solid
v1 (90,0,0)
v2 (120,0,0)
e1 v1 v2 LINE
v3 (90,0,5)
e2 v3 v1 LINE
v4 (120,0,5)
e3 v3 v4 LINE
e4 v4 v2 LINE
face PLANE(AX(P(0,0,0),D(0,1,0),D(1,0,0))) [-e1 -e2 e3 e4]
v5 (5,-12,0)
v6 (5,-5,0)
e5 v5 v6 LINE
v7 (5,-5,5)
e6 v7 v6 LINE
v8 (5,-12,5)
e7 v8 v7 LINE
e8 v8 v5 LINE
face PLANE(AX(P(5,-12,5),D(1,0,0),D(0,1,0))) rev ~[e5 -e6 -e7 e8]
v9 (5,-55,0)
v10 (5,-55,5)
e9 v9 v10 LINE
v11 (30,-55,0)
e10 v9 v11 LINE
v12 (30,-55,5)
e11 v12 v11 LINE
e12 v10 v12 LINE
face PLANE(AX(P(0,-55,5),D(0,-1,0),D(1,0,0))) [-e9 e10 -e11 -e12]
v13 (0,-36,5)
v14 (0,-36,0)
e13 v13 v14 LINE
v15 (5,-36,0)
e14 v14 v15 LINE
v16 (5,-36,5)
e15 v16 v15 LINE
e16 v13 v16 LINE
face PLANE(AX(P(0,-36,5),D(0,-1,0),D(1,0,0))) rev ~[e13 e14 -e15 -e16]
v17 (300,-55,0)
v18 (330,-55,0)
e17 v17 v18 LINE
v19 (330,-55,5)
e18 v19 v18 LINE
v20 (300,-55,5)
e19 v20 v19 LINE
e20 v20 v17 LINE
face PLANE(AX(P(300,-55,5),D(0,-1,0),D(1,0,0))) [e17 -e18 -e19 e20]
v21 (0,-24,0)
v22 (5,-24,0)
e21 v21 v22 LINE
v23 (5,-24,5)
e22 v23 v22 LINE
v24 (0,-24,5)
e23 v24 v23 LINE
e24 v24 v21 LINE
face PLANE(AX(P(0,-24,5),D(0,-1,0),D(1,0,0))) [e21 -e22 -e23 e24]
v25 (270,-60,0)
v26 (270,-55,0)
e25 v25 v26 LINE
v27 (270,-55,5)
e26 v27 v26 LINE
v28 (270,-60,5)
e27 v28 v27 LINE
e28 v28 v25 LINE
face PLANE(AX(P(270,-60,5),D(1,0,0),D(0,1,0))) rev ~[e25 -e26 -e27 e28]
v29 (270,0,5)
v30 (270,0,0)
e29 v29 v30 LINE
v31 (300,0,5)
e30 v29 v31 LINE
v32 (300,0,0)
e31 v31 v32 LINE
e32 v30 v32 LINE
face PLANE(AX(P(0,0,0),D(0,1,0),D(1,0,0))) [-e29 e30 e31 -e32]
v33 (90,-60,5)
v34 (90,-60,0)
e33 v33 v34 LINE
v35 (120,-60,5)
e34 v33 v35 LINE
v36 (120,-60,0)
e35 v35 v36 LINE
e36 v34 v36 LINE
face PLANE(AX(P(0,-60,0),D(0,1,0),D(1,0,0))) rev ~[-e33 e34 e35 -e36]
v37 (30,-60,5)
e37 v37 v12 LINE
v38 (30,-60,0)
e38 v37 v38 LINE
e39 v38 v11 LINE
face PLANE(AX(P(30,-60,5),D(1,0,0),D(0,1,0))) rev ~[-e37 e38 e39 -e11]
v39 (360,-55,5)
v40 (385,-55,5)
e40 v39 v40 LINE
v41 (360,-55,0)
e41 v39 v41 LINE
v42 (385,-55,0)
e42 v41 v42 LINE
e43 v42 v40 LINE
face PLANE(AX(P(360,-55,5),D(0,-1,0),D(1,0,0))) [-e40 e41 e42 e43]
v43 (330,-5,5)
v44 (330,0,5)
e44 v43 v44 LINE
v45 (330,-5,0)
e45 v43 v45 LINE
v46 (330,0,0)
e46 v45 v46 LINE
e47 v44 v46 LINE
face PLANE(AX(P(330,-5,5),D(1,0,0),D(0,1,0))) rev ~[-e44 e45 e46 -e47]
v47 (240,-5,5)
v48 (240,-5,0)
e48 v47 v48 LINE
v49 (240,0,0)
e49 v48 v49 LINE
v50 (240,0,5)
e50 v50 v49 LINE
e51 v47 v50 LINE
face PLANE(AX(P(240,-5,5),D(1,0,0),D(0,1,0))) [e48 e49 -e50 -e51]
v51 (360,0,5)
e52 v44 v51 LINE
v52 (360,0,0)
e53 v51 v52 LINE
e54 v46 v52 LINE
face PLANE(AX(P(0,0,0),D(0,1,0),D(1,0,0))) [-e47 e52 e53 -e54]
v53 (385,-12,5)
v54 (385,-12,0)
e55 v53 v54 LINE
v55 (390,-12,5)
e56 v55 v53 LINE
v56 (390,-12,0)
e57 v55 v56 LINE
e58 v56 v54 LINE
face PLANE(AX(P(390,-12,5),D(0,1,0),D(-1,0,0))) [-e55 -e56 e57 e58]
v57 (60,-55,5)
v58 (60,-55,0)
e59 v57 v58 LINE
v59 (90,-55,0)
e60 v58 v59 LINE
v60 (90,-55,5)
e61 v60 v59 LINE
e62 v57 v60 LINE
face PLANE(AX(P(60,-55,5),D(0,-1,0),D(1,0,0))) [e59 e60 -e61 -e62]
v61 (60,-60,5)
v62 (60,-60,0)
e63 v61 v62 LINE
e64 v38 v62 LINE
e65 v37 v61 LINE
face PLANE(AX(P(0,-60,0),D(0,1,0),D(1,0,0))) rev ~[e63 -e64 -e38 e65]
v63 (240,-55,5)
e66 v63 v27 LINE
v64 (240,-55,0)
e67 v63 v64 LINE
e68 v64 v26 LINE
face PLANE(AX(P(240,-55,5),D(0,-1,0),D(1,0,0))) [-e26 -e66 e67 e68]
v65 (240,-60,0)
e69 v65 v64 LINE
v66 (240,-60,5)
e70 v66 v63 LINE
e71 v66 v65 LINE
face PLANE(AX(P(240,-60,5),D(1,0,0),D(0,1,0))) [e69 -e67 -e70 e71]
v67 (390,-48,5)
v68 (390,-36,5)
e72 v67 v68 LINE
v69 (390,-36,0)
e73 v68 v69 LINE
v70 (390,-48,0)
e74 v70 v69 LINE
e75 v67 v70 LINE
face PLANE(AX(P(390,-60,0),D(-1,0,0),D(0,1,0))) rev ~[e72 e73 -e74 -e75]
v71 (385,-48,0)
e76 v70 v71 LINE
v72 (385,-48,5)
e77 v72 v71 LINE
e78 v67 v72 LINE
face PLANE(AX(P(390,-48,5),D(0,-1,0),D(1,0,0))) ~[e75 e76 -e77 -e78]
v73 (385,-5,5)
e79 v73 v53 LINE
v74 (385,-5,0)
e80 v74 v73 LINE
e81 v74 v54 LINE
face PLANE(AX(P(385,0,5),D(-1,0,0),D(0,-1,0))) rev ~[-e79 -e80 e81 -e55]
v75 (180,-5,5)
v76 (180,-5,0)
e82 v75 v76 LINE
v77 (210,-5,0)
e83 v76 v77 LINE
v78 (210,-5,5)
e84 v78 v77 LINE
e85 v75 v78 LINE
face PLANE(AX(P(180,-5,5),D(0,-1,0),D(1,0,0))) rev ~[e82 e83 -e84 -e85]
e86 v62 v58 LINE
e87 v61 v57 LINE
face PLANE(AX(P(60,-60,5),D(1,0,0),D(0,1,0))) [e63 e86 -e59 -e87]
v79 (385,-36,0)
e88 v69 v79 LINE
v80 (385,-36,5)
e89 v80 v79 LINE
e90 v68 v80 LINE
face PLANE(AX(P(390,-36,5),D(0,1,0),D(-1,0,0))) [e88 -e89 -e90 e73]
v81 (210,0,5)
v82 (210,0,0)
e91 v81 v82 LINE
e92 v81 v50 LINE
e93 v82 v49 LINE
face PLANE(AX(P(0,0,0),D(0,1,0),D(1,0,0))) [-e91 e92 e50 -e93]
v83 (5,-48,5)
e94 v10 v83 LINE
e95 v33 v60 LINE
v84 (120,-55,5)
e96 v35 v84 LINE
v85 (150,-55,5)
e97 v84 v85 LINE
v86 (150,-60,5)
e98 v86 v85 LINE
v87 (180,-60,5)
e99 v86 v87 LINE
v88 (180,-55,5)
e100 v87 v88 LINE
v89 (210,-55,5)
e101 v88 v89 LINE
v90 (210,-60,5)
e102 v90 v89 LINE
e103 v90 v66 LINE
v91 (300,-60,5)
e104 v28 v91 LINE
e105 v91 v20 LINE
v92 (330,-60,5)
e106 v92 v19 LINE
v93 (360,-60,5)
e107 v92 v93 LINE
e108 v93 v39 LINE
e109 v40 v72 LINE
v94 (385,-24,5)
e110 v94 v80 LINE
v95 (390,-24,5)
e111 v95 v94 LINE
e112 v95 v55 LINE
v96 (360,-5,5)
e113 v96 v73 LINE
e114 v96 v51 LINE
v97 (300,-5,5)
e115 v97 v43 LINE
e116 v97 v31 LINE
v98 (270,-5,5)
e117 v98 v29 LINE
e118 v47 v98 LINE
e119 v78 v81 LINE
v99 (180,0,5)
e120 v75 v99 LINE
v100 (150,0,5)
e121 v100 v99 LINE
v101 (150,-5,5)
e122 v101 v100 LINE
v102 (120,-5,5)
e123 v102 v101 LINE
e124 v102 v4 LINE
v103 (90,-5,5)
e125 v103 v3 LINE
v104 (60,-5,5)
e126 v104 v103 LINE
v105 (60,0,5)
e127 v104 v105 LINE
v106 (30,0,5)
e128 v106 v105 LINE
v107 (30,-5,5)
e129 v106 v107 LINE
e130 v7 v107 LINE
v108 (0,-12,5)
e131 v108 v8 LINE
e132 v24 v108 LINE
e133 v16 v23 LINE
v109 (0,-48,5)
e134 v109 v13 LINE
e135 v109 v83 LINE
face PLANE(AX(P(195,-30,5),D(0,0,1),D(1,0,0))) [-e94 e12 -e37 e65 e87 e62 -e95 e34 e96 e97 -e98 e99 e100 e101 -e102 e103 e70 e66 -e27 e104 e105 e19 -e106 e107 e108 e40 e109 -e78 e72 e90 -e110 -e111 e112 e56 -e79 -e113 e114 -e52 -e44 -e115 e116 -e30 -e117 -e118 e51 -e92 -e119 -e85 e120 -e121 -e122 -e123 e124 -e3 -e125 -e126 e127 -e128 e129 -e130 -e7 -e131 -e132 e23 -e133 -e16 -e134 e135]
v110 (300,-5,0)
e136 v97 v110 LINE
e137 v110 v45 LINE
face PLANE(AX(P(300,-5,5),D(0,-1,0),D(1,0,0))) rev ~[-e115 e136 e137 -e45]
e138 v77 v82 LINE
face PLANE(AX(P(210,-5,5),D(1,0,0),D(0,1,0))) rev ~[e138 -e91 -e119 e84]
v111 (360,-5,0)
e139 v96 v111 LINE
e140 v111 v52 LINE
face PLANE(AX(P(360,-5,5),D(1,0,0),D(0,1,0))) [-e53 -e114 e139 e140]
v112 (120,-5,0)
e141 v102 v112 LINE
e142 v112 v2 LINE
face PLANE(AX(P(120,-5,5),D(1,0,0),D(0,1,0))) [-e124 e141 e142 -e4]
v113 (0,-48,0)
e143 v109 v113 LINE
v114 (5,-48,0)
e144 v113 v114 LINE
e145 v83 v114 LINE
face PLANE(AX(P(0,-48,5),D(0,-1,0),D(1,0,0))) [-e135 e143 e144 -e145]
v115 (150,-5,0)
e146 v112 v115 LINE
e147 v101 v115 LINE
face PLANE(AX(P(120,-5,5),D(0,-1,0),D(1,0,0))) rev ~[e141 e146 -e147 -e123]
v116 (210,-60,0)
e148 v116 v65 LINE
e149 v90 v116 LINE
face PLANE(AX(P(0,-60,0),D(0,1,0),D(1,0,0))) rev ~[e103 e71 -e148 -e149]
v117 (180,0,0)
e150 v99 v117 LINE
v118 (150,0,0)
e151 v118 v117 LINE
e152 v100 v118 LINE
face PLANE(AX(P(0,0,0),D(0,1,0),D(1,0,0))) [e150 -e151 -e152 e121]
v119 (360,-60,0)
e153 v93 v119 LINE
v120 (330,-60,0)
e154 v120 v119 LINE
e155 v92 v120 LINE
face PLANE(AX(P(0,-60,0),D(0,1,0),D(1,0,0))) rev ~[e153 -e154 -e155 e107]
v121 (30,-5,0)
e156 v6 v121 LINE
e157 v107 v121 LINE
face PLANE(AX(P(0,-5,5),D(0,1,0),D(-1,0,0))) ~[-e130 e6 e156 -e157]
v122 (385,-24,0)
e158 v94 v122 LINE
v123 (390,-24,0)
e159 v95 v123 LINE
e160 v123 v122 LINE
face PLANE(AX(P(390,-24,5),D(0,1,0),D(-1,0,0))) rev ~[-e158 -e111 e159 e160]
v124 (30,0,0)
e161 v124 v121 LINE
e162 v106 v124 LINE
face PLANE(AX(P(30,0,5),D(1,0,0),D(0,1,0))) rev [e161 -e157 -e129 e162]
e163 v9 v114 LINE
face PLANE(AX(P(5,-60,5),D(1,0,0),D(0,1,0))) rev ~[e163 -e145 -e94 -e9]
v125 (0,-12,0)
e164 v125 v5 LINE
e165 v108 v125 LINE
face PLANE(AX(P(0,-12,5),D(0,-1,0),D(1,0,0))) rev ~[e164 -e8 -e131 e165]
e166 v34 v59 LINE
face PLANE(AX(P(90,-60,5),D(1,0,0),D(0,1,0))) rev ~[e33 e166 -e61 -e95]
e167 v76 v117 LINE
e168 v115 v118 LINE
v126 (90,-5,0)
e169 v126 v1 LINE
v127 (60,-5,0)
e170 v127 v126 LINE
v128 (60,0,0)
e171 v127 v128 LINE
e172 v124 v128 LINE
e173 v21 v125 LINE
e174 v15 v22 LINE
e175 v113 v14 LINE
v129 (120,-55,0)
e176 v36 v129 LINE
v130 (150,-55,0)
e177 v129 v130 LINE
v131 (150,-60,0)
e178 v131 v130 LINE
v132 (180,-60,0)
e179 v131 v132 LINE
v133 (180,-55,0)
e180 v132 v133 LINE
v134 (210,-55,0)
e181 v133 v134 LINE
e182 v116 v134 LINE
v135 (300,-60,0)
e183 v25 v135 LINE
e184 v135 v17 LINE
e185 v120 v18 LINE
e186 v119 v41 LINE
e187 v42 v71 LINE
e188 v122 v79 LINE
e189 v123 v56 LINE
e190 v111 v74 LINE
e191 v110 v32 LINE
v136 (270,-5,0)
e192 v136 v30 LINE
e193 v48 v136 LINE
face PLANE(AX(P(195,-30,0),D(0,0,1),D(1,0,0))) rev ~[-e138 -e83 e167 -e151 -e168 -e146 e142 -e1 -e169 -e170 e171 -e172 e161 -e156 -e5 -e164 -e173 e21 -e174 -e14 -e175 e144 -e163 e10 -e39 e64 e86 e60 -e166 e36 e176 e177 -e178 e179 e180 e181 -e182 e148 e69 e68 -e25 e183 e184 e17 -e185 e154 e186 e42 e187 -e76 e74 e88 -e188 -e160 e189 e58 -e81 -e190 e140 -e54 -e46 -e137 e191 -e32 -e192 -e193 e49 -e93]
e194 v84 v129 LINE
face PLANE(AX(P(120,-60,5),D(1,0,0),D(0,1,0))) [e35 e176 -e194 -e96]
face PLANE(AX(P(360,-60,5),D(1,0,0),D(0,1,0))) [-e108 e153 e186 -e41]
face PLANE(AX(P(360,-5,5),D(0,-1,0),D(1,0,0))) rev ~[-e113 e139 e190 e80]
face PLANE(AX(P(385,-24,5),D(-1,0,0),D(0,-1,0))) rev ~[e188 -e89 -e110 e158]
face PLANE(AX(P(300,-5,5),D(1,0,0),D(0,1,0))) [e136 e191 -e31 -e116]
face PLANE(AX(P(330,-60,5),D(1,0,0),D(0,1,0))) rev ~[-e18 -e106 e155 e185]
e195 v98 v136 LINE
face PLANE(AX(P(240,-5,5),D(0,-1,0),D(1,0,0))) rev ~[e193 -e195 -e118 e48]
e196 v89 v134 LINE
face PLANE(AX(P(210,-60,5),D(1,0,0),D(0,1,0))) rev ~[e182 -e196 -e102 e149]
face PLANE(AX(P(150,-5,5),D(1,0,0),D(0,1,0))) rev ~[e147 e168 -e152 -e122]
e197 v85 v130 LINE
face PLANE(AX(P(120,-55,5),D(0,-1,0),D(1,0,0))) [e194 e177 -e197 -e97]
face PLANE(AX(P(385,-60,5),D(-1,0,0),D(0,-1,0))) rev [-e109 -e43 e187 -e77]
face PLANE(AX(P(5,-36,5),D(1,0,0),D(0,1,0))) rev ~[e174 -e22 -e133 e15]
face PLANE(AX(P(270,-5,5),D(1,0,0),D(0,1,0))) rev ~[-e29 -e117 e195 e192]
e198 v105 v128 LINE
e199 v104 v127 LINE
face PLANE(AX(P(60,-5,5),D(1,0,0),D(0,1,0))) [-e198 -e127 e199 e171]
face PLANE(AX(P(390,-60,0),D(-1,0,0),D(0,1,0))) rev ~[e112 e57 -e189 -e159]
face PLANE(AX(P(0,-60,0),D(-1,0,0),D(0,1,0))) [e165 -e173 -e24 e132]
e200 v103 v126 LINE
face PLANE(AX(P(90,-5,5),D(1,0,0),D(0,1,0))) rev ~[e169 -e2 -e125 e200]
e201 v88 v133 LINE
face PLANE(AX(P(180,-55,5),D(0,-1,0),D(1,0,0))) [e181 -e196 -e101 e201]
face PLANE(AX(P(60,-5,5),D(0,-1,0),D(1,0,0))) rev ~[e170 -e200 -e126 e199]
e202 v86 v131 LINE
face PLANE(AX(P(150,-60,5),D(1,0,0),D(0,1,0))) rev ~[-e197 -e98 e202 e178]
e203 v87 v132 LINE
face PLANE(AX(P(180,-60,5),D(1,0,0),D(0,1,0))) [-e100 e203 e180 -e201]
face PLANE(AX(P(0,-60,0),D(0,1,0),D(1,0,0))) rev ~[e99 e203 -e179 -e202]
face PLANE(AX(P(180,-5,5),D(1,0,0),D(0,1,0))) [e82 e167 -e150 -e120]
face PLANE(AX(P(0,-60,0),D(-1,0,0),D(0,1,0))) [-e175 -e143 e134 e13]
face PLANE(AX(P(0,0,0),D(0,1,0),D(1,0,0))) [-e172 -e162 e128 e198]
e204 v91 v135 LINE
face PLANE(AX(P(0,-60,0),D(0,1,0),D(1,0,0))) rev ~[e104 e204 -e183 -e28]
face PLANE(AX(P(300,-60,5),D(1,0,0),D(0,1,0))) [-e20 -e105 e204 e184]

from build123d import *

# Parameters (mm, degrees)
ESQUISSE1_W                = 390
ESQUISSE1_H                = 60
BOSS_EXTRU_1_DEPTH         = 5
ESQUISSE2_W                = 30
ESQUISSE2_H                = 5
ENL_V_MAT_EXTRU_1_DEPTH    = 5
R_P_TITION_LIN_AIRE1_COUNT = 7
R_P_TITION_LIN_AIRE1_PITCH = 60
ESQUISSE3_W                = 5
ESQUISSE3_H                = 12
ENL_V_MAT_EXTRU_2_DEPTH    = 5
R_P_TITION_LIN_AIRE2_COUNT = 3
R_P_TITION_LIN_AIRE2_PITCH = 24
SYM_TRIE1_COPY_1_SKETCH_W  = 5
SYM_TRIE1_COPY_1_SKETCH_H  = 12
SYM_TRIE1_COPY_1_DEPTH     = 5
SYM_TRIE1_COPY_2_SKETCH_W  = 5
SYM_TRIE1_COPY_2_SKETCH_H  = 12
SYM_TRIE1_COPY_2_DEPTH     = 5
SYM_TRIE2_COPY_1_SKETCH_W  = 30
SYM_TRIE2_COPY_1_SKETCH_H  = 5
SYM_TRIE2_COPY_1_DEPTH     = 5
SYM_TRIE2_COPY_2_SKETCH_W  = 30
SYM_TRIE2_COPY_2_SKETCH_H  = 5
SYM_TRIE2_COPY_2_DEPTH     = 5
SYM_TRIE2_COPY_3_SKETCH_W  = 30
SYM_TRIE2_COPY_3_SKETCH_H  = 5
SYM_TRIE2_COPY_3_DEPTH     = 5
SYM_TRIE2_COPY_4_SKETCH_W  = 30
SYM_TRIE2_COPY_4_SKETCH_H  = 5
SYM_TRIE2_COPY_4_DEPTH     = 5
SYM_TRIE2_COPY_5_SKETCH_W  = 30
SYM_TRIE2_COPY_5_SKETCH_H  = 5
SYM_TRIE2_COPY_5_DEPTH     = 5
SYM_TRIE2_COPY_6_SKETCH_W  = 30
SYM_TRIE2_COPY_6_SKETCH_H  = 5
SYM_TRIE2_COPY_6_DEPTH     = 5


with BuildPart() as part:
    # Esquisse1 → Boss.-Extru.1 (new body)
    with BuildSketch(Plane.XY):
        with Locations((195, -30)):
            Rectangle(ESQUISSE1_W, ESQUISSE1_H)
    extrude(amount=BOSS_EXTRU_1_DEPTH)

    # Esquisse2 → Enlèv. mat.-Extru.1 (cut)
    with BuildSketch(Plane.XY.offset(5)):
        with Locations((15, -57.5)):
            Rectangle(ESQUISSE2_W, ESQUISSE2_H)
    enl_v_mat_extru_1 = extrude(amount=-ENL_V_MAT_EXTRU_1_DEPTH, mode=Mode.SUBTRACT)

    # Répétition linéaire1: Enlèv. mat.-Extru.1 ×7
    with Locations(*[(i * R_P_TITION_LIN_AIRE1_PITCH, 0, 0) for i in range(1, R_P_TITION_LIN_AIRE1_COUNT)]):
        add(enl_v_mat_extru_1, mode=Mode.SUBTRACT)

    # Esquisse3 → Enlèv. mat.-Extru.2 (cut)
    with BuildSketch(Plane.XY.offset(5)):
        with Locations((2.5, -54)):
            Rectangle(ESQUISSE3_W, ESQUISSE3_H)
    enl_v_mat_extru_2 = extrude(amount=-ENL_V_MAT_EXTRU_2_DEPTH, mode=Mode.SUBTRACT)

    # Répétition linéaire2: Enlèv. mat.-Extru.2 ×3
    with Locations(*[(0, i * R_P_TITION_LIN_AIRE2_PITCH, 0) for i in range(1, R_P_TITION_LIN_AIRE2_COUNT)]):
        add(enl_v_mat_extru_2, mode=Mode.SUBTRACT)

    # Symétrie1: Enlèv. mat.-Extru.2 across plane
    add(enl_v_mat_extru_2.mirror(Plane.ZY.offset(-195)), mode=Mode.SUBTRACT)

    # Symétrie1 copy 1 sketch → Symétrie1 copy 1 (cut)
    with BuildSketch(Plane(origin=(390, 24, 5), x_dir=(-1, 0, 0), z_dir=(0, 0, 1))):
        with Locations((2.5, 54)):
            Rectangle(SYM_TRIE1_COPY_1_SKETCH_W, SYM_TRIE1_COPY_1_SKETCH_H)
    extrude(amount=-SYM_TRIE1_COPY_1_DEPTH, mode=Mode.SUBTRACT)

    # Symétrie1 copy 2 sketch → Symétrie1 copy 2 (cut)
    with BuildSketch(Plane(origin=(390, 48, 5), x_dir=(-1, 0, 0), z_dir=(0, 0, 1))):
        with Locations((2.5, 54)):
            Rectangle(SYM_TRIE1_COPY_2_SKETCH_W, SYM_TRIE1_COPY_2_SKETCH_H)
    extrude(amount=-SYM_TRIE1_COPY_2_DEPTH, mode=Mode.SUBTRACT)

    # Symétrie2: Enlèv. mat.-Extru.1 across plane
    add(enl_v_mat_extru_1.mirror(Plane(origin=(0, -30, 0), x_dir=(0, 0, 1), z_dir=(0, -1, 0))), mode=Mode.SUBTRACT)

    # Symétrie2 copy 1 sketch → Symétrie2 copy 1 (cut)
    with BuildSketch(Plane(origin=(60, -60, 5), x_dir=(1, 0, 0), z_dir=(0, 0, 1))):
        with Locations((15, 57.5)):
            Rectangle(SYM_TRIE2_COPY_1_SKETCH_W, SYM_TRIE2_COPY_1_SKETCH_H)
    extrude(amount=-SYM_TRIE2_COPY_1_DEPTH, mode=Mode.SUBTRACT)

    # Symétrie2 copy 2 sketch → Symétrie2 copy 2 (cut)
    with BuildSketch(Plane(origin=(120, -60, 5), x_dir=(1, 0, 0), z_dir=(0, 0, 1))):
        with Locations((15, 57.5)):
            Rectangle(SYM_TRIE2_COPY_2_SKETCH_W, SYM_TRIE2_COPY_2_SKETCH_H)
    extrude(amount=-SYM_TRIE2_COPY_2_DEPTH, mode=Mode.SUBTRACT)

    # Symétrie2 copy 3 sketch → Symétrie2 copy 3 (cut)
    with BuildSketch(Plane(origin=(180, -60, 5), x_dir=(1, 0, 0), z_dir=(0, 0, 1))):
        with Locations((15, 57.5)):
            Rectangle(SYM_TRIE2_COPY_3_SKETCH_W, SYM_TRIE2_COPY_3_SKETCH_H)
    extrude(amount=-SYM_TRIE2_COPY_3_DEPTH, mode=Mode.SUBTRACT)

    # Symétrie2 copy 4 sketch → Symétrie2 copy 4 (cut)
    with BuildSketch(Plane(origin=(240, -60, 5), x_dir=(1, 0, 0), z_dir=(0, 0, 1))):
        with Locations((15, 57.5)):
            Rectangle(SYM_TRIE2_COPY_4_SKETCH_W, SYM_TRIE2_COPY_4_SKETCH_H)
    extrude(amount=-SYM_TRIE2_COPY_4_DEPTH, mode=Mode.SUBTRACT)

    # Symétrie2 copy 5 sketch → Symétrie2 copy 5 (cut)
    with BuildSketch(Plane(origin=(300, -60, 5), x_dir=(1, 0, 0), z_dir=(0, 0, 1))):
        with Locations((15, 57.5)):
            Rectangle(SYM_TRIE2_COPY_5_SKETCH_W, SYM_TRIE2_COPY_5_SKETCH_H)
    extrude(amount=-SYM_TRIE2_COPY_5_DEPTH, mode=Mode.SUBTRACT)

    # Symétrie2 copy 6 sketch → Symétrie2 copy 6 (cut)
    with BuildSketch(Plane(origin=(360, -60, 5), x_dir=(1, 0, 0), z_dir=(0, 0, 1))):
        with Locations((15, 57.5)):
            Rectangle(SYM_TRIE2_COPY_6_SKETCH_W, SYM_TRIE2_COPY_6_SKETCH_H)
    extrude(amount=-SYM_TRIE2_COPY_6_DEPTH, mode=Mode.SUBTRACT)


solid = part.part
